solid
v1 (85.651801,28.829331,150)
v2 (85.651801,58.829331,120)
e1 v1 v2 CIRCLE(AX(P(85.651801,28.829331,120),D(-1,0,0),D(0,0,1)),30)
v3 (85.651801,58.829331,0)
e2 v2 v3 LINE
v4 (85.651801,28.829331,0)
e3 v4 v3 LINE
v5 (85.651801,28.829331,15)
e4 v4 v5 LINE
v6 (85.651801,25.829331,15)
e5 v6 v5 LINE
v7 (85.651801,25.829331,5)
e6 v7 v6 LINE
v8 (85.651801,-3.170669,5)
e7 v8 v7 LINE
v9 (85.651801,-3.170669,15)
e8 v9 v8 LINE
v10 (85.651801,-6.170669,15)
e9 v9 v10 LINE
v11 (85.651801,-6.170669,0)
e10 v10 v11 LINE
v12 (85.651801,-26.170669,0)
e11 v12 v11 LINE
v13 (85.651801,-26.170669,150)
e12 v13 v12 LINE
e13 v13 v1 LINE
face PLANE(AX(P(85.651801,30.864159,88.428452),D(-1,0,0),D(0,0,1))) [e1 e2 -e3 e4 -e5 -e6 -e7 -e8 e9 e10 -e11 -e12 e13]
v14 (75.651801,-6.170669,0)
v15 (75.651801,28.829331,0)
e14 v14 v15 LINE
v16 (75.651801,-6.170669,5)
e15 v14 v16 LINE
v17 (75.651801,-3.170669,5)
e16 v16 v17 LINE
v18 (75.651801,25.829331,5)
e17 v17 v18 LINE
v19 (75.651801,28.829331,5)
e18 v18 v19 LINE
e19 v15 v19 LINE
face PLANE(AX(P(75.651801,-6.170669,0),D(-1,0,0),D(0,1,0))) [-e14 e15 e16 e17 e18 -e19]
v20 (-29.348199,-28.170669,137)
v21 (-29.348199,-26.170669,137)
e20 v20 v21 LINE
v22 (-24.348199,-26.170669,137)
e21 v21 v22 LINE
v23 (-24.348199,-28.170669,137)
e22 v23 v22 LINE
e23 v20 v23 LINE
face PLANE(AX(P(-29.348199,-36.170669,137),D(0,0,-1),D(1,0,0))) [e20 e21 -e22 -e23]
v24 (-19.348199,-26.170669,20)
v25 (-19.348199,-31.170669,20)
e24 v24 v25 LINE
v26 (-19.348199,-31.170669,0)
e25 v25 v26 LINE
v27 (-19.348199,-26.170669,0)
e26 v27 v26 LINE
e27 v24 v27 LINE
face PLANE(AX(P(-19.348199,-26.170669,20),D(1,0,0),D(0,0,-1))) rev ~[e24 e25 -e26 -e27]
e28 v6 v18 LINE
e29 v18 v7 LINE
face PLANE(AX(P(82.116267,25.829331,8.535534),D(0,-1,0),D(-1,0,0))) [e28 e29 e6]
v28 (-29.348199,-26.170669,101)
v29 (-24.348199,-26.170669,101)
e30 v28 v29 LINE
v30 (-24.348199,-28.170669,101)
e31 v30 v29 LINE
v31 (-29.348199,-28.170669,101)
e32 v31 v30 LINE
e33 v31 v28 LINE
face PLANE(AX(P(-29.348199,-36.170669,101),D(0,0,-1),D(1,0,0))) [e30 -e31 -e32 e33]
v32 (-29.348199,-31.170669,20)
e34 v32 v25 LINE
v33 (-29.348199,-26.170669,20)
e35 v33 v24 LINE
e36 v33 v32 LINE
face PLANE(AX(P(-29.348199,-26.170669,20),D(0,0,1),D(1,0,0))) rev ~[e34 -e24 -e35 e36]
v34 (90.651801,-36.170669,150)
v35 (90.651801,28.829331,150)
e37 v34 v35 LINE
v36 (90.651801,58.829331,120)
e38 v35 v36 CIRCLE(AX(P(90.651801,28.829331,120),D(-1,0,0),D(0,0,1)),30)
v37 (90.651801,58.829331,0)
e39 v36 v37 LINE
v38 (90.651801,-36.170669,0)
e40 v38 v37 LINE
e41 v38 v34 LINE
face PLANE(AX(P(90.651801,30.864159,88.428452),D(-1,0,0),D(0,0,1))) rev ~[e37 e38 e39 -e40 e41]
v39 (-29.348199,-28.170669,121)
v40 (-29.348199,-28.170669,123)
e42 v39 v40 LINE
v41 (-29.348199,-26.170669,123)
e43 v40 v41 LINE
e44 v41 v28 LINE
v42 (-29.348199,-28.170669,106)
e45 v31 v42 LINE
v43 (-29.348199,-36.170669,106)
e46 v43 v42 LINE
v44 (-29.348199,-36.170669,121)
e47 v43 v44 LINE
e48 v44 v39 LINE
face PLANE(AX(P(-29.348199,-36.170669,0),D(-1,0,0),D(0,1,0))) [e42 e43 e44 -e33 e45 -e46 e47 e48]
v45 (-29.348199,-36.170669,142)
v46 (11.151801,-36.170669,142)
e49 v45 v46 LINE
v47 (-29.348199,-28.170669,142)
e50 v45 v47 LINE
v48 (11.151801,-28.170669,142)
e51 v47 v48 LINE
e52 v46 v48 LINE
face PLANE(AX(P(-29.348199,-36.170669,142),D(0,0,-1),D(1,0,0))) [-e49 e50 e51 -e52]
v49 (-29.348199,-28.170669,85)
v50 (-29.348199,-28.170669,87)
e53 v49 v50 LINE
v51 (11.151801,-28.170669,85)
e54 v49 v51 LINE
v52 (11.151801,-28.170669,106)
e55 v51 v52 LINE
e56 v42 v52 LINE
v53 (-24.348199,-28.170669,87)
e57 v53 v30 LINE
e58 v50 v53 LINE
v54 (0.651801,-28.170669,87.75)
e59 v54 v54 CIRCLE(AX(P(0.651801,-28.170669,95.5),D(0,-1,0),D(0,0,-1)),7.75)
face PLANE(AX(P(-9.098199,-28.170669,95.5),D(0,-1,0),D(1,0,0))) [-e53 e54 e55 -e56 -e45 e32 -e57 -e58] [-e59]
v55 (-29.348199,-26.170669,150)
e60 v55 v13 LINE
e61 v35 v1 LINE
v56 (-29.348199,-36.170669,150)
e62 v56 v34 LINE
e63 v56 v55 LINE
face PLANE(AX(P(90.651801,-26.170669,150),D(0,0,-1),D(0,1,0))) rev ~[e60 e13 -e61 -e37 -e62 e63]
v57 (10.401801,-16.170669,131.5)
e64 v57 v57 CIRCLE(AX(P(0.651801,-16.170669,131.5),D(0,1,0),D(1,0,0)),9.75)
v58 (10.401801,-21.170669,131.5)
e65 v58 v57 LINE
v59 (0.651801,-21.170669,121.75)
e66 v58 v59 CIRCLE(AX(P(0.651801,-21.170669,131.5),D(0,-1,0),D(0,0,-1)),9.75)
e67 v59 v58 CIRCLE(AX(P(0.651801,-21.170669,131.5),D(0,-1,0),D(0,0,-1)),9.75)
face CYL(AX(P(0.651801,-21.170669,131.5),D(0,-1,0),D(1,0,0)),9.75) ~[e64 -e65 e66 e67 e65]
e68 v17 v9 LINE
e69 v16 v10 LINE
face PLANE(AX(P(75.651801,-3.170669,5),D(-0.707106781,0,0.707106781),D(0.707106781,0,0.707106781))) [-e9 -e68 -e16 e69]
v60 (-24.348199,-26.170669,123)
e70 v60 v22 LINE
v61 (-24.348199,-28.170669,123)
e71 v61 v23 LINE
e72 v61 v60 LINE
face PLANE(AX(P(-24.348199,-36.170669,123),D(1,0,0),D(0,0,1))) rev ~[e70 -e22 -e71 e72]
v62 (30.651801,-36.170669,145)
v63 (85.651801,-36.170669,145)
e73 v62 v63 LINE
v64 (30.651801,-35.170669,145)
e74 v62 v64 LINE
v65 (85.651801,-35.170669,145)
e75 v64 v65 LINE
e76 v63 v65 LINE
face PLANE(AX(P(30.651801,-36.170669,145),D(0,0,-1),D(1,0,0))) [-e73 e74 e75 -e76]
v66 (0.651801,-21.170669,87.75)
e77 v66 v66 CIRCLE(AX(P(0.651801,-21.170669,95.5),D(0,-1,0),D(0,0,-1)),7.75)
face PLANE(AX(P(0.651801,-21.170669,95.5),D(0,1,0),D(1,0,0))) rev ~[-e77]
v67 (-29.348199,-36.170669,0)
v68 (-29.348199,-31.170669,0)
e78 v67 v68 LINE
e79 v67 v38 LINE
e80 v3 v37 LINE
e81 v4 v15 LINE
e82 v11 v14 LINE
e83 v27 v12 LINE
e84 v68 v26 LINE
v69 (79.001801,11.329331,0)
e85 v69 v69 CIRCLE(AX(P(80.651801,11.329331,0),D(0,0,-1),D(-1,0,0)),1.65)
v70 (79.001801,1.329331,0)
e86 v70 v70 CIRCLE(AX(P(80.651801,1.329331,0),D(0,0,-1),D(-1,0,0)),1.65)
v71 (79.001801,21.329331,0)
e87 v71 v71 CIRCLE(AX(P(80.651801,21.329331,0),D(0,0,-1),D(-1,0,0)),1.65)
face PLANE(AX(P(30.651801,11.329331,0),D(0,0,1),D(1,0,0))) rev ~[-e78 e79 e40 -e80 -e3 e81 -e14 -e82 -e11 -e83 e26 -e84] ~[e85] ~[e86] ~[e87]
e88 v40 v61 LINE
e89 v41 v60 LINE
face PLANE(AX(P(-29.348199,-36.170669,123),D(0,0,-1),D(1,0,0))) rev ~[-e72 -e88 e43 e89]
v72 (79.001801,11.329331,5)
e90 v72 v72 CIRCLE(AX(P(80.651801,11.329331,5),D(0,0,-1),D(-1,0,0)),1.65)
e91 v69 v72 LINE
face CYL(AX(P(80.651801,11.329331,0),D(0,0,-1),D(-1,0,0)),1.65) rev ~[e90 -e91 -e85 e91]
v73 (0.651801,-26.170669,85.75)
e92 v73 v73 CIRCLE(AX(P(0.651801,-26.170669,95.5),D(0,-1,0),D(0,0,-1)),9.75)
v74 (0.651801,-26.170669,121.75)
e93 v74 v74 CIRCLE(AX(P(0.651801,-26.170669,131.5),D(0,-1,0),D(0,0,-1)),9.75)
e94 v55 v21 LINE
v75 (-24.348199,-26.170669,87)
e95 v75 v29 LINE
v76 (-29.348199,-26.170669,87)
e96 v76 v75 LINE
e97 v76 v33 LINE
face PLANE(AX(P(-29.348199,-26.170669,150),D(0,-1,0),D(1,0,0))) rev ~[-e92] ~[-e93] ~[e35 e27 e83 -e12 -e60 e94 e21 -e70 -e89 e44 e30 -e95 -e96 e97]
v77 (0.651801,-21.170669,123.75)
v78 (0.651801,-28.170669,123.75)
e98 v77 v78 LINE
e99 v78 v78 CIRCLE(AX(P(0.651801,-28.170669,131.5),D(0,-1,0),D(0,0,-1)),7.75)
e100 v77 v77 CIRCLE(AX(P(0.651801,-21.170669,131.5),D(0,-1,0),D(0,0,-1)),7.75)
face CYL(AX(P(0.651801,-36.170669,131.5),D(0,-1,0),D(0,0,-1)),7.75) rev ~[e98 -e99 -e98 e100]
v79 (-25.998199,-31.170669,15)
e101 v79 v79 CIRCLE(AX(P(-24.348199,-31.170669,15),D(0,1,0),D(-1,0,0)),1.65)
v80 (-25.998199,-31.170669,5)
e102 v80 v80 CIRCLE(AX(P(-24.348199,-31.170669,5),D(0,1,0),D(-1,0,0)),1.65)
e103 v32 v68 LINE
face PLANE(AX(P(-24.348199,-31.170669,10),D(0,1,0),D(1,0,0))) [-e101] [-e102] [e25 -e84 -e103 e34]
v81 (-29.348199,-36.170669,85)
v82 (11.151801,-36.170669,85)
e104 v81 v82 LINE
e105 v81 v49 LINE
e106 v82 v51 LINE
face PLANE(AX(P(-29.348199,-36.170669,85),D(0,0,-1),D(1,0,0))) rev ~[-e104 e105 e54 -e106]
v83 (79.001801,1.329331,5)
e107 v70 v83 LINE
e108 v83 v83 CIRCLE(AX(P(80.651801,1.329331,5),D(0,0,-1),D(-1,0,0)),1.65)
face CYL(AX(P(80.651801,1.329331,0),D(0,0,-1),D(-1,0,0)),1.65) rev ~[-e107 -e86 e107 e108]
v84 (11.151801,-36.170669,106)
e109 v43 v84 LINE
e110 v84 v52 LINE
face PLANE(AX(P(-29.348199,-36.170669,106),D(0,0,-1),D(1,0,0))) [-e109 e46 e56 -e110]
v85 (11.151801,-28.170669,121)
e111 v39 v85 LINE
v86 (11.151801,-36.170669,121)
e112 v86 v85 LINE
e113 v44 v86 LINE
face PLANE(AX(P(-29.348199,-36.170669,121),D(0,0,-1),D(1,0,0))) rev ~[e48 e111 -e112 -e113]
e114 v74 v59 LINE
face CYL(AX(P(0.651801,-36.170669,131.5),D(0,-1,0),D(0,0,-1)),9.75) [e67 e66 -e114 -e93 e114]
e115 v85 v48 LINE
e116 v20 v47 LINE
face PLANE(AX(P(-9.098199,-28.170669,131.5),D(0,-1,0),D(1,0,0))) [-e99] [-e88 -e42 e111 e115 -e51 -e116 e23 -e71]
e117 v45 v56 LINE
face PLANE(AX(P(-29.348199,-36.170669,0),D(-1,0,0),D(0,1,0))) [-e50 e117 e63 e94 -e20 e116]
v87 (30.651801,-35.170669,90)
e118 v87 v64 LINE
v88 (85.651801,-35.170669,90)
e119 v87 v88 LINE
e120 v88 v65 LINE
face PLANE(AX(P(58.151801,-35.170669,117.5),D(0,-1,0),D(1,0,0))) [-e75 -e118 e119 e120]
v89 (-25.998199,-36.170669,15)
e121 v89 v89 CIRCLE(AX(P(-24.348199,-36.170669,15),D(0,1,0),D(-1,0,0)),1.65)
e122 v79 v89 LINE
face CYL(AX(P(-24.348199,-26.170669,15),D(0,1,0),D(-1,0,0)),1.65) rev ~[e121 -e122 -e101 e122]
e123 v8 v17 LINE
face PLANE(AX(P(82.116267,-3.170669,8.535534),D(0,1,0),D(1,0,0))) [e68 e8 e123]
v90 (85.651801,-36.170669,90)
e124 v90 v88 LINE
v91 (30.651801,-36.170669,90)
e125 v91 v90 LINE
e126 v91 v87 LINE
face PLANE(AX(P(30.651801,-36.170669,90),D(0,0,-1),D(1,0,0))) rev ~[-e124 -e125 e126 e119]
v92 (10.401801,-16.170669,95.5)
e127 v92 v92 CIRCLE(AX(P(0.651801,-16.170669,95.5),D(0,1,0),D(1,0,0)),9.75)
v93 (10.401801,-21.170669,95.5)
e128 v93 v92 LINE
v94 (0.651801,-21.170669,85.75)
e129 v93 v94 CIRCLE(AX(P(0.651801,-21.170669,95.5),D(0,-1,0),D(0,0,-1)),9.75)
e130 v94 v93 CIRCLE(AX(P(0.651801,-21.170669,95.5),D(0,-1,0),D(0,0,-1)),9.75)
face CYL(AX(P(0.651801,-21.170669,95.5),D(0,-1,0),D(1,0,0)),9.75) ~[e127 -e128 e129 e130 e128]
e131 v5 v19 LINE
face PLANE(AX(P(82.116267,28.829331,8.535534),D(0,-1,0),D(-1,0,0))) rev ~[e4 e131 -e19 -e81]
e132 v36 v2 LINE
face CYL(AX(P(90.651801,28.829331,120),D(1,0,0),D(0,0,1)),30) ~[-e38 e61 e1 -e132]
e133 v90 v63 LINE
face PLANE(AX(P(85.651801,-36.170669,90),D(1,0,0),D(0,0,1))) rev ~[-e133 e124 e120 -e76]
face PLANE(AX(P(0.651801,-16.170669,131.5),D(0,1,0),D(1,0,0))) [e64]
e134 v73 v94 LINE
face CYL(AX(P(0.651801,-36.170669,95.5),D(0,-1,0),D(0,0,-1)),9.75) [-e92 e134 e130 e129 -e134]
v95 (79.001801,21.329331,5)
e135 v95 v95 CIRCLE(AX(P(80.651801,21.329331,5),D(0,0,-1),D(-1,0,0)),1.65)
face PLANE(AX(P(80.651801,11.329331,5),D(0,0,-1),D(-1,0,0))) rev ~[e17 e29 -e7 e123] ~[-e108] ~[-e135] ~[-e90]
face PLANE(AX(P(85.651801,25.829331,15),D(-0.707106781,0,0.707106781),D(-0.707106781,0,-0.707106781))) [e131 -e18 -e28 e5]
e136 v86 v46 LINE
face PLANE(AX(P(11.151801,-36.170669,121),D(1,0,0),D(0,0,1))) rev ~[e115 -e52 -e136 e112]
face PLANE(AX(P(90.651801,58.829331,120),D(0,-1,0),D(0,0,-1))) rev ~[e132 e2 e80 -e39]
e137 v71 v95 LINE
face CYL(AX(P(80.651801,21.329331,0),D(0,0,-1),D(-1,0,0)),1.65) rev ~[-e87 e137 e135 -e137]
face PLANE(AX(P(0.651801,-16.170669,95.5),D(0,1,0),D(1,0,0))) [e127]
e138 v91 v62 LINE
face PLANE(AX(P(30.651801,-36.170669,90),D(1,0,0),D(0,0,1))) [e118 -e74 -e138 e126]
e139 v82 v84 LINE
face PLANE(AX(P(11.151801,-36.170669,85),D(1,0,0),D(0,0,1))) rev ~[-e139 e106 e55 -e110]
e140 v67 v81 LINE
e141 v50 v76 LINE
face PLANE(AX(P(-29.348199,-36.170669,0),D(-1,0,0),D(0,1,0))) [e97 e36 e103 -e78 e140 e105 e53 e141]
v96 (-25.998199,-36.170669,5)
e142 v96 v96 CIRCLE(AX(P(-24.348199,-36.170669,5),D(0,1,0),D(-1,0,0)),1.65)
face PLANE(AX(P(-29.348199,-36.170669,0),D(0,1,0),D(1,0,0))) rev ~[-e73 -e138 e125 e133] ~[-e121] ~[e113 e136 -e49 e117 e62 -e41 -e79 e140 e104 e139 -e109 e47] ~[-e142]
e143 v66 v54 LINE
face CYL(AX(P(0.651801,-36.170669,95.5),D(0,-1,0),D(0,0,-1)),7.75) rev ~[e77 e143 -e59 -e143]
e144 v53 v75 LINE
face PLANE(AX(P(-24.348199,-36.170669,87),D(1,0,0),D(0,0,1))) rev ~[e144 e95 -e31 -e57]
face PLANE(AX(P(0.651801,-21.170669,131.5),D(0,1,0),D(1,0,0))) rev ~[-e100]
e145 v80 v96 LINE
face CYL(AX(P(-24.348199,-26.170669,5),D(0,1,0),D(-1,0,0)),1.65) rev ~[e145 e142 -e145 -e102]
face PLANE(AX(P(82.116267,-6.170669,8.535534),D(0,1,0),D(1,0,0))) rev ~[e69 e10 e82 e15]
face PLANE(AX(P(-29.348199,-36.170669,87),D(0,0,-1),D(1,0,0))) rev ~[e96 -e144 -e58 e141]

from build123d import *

# Parameters (mm, degrees)
SKETCH_1_W           = 120
SKETCH_1_H           = 95
EXTRUDE_1_DEPTH      = 150
SKETCH_2_W           = 115
SKETCH_2_H           = 85
CUT_EXTRUDE_1_DEPTH  = 150
CUT_EXTRUDE_2_DEPTH  = 150
SKETCH_5_W           = 10
SKETCH_5_H           = 35
SKETCH_5_R           = 1.65
EXTRUDE_2_DEPTH      = 5
EXTRUDE_START        = -33
EXTRUDE_3_DEPTH      = 3
EXTRUDE_START_2      = 52
EXTRUDE_4_DEPTH      = 3
SKETCH_8_W           = 10
SKETCH_8_H           = 20
SKETCH_8_R           = 1.65
CUT_EXTRUDE_3_DEPTH  = 5
SKETCH_10_R          = 1.65
CUT_EXTRUDE_4_DEPTH  = 195.788985905
SKETCH_22_R          = 7.75
CUT_EXTRUDE_8_DEPTH  = 199.407311022
SKETCH_24_R          = 9.75
SKETCH_24_R_2        = 7.75
EXTRUDE_7_DEPTH      = 15
SKETCH_26_R          = 9.75
EXTRUDE_8_DEPTH      = 5
SKETCH_31_W          = 40.5
SKETCH_31_H          = 21
CUT_EXTRUDE_11_DEPTH = 8
SKETCH_32_W          = 5
SKETCH_32_H          = 14
CUT_EXTRUDE_12_DEPTH = 200.355835204
SKETCH_33_W          = 55
SKETCH_33_H          = 55
CUT_EXTRUDE_13_DEPTH = 1
EXTRUDE_9_DEPTH      = 5


with BuildPart() as part:
    # 草图1 → 凸台-拉伸1 (new body)
    with BuildSketch(Plane.XY):
        with Locations((30.651801029, 11.329331046)):
            Rectangle(SKETCH_1_W, SKETCH_1_H)
    extrude(amount=EXTRUDE_1_DEPTH)

    # 草图2 → 切除-拉伸1 (cut)
    with BuildSketch(Plane.XY.offset(150)):
        with Locations((28.151801029, 16.329331046)):
            Rectangle(SKETCH_2_W, SKETCH_2_H)
    extrude(amount=-CUT_EXTRUDE_1_DEPTH, mode=Mode.SUBTRACT)

    # 草图3 → 切除-拉伸2 (cut)
    with BuildSketch(Plane(origin=(90.651801029, 0, 0), x_dir=(0, 0, -1), z_dir=(1, 0, 0))):
        Polygon((-150, 58.829331046), (-150, -26.170668954), (0, 58.829331046), align=None)
    extrude(amount=-CUT_EXTRUDE_2_DEPTH, mode=Mode.SUBTRACT)

    # 草图5 → 凸台-拉伸2 (add)
    with BuildSketch(Plane(origin=(0, 0, 0), x_dir=(-1, 0, 0), z_dir=(0, 0, -1))):
        with Locations((-80.651801029, 11.329331046)):
            Rectangle(SKETCH_5_W, SKETCH_5_H)
        with Locations((-80.651801029, 21.329331046)):
            Circle(SKETCH_5_R, mode=Mode.SUBTRACT)
        with Locations((-80.651801337, 11.329331046)):
            Circle(SKETCH_5_R, mode=Mode.SUBTRACT)
        with Locations((-80.651801337, 1.329331046)):
            Circle(SKETCH_5_R, mode=Mode.SUBTRACT)
    extrude(amount=-EXTRUDE_2_DEPTH)

    # 草图6 → 凸台-拉伸3 (add)
    with BuildSketch(Plane(origin=(0, -36.170668954, 0), x_dir=(-1, 0, 0), z_dir=(0, -1, 0)).offset(EXTRUDE_START)):
        Polygon((-85.651801029, -5), (-75.651801029, -5), (-85.651801029, -15), align=None)
    extrude(amount=EXTRUDE_3_DEPTH)

    # 草图7 → 凸台-拉伸4 (add)
    with BuildSketch(Plane(origin=(0, -26.170668954, 0), x_dir=(1, 0, 0), z_dir=(0, 1, 0)).offset(EXTRUDE_START_2)):
        Polygon((75.651801029, -5), (85.651801029, -5), (85.651801029, -15), align=None)
    extrude(amount=EXTRUDE_4_DEPTH)

    # 草图8 → 切除-拉伸3 (cut)
    with BuildSketch(Plane(origin=(0, -26.170668954, 0), x_dir=(1, 0, 0), z_dir=(0, 1, 0))):
        with Locations((-24.348198971, -10)):
            Rectangle(SKETCH_8_W, SKETCH_8_H)
        with Locations(Location((-24.348198971, -5, 0), (0, 0, 180))):
            Circle(SKETCH_8_R, mode=Mode.SUBTRACT)
        with Locations(Location((-24.348198971, -15, 0), (0, 0, 180))):
            Circle(SKETCH_8_R, mode=Mode.SUBTRACT)
    extrude(amount=-CUT_EXTRUDE_3_DEPTH, mode=Mode.SUBTRACT)

    # 草图10 → 切除-拉伸4 (cut, through all)
    with BuildSketch(Plane(origin=(0, -26.170668954, 0), x_dir=(1, 0, 0), z_dir=(0, 1, 0))):
        with Locations(Location((-24.348198971, -5, 0), (0, 0, 180))):
            Circle(SKETCH_10_R)
        with Locations(Location((-24.348198971, -15, 0), (0, 0, 180))):
            Circle(SKETCH_10_R)
    extrude(amount=-CUT_EXTRUDE_4_DEPTH, mode=Mode.SUBTRACT)

    # 草图22 → 切除-拉伸8 (cut, through all)
    with BuildSketch(Plane(origin=(76.451044211, -36.170668954, 11.627382734), x_dir=(-1, 0, 0), z_dir=(0, -1, 0))):
        with Locations(Location((75.799243182, -83.872617266, 0), (0, 0, 90))):
            Circle(SKETCH_22_R)
        with Locations(Location((75.799243182, -119.872617266, 0), (0, 0, 90))):
            Circle(SKETCH_22_R)
    extrude(amount=-CUT_EXTRUDE_8_DEPTH, mode=Mode.SUBTRACT)

    # 草图24 → 凸台-拉伸7 (add)
    # profile 1 of 2: a face of its own
    with BuildSketch(Plane(origin=(76.451044211, -36.170668954, 11.627382734), x_dir=(-1, 0, 0), z_dir=(0, -1, 0))):
        with Locations(Location((75.799243182, -83.872617266, 0), (0, 0, 90))):
            Circle(SKETCH_24_R)
        with Locations(Location((75.799243182, -83.872617266, 0), (0, 0, 90))):
            Circle(SKETCH_24_R_2, mode=Mode.SUBTRACT)
    # profile 2 of 2: a face of its own
    with BuildSketch(Plane(origin=(76.451044211, -36.170668954, 11.627382734), x_dir=(-1, 0, 0), z_dir=(0, -1, 0))):
        with Locations(Location((75.799243182, -119.872617266, 0), (0, 0, 90))):
            Circle(SKETCH_24_R)
        with Locations(Location((75.799243182, -119.872617266, 0), (0, 0, 90))):
            Circle(SKETCH_24_R_2, mode=Mode.SUBTRACT)
    extrude(amount=-EXTRUDE_7_DEPTH)

    # 草图26 → 凸台-拉伸8 (add)
    with BuildSketch(Plane(origin=(-76.451044211, -21.170668954, 11.627382734), x_dir=(1, 0, 0), z_dir=(0, 1, 0))):
        with Locations((77.10284524, -83.872617266)):
            Circle(SKETCH_26_R)
        with Locations((77.10284524, -119.872617266)):
            Circle(SKETCH_26_R)
    extrude(amount=EXTRUDE_8_DEPTH)

    # 草图31 → 切除-拉伸11 (cut)
    with BuildSketch(Plane.XZ.offset(36.170668954)):
        with Locations((-9.098198971, 131.5)):
            Rectangle(SKETCH_31_W, SKETCH_31_H)
        with Locations((-9.098198971, 95.5)):
            Rectangle(SKETCH_31_W, SKETCH_31_H)
    extrude(amount=-CUT_EXTRUDE_11_DEPTH, mode=Mode.SUBTRACT)

    # 草图32 → 切除-拉伸12 (cut, through all)
    with BuildSketch(Plane.XZ.offset(36.170668954)):
        with Locations((-26.848198971, 130)):
            Rectangle(SKETCH_32_W, SKETCH_32_H)
        with Locations((-26.848198971, 94)):
            Rectangle(SKETCH_32_W, SKETCH_32_H)
    extrude(amount=-CUT_EXTRUDE_12_DEPTH, mode=Mode.SUBTRACT)

    # 草图33 → 切除-拉伸13 (cut)
    with BuildSketch(Plane.XZ.offset(36.170668954)):
        with Locations((58.151801029, 117.5)):
            Rectangle(SKETCH_33_W, SKETCH_33_H)
    extrude(amount=-CUT_EXTRUDE_13_DEPTH, mode=Mode.SUBTRACT)

    # 草图34 → 凸台-拉伸9 (add)
    with BuildSketch(Plane(origin=(90.651801029, 0, 0), x_dir=(0, 0, -1), z_dir=(1, 0, 0))):
        with BuildLine():
            Line((-150, -26.170668954), (-150, 28.829331046))
            ThreePointArc((-150, 28.829331046), (-141.213203436, 50.042534482), (-120, 58.829331046))
            Line((-120, 58.829331046), (0, 58.829331046))
            Line((0, 58.829331046), (-150, -26.170668954))
        make_face()
    extrude(amount=-EXTRUDE_9_DEPTH)


solid = part.part
